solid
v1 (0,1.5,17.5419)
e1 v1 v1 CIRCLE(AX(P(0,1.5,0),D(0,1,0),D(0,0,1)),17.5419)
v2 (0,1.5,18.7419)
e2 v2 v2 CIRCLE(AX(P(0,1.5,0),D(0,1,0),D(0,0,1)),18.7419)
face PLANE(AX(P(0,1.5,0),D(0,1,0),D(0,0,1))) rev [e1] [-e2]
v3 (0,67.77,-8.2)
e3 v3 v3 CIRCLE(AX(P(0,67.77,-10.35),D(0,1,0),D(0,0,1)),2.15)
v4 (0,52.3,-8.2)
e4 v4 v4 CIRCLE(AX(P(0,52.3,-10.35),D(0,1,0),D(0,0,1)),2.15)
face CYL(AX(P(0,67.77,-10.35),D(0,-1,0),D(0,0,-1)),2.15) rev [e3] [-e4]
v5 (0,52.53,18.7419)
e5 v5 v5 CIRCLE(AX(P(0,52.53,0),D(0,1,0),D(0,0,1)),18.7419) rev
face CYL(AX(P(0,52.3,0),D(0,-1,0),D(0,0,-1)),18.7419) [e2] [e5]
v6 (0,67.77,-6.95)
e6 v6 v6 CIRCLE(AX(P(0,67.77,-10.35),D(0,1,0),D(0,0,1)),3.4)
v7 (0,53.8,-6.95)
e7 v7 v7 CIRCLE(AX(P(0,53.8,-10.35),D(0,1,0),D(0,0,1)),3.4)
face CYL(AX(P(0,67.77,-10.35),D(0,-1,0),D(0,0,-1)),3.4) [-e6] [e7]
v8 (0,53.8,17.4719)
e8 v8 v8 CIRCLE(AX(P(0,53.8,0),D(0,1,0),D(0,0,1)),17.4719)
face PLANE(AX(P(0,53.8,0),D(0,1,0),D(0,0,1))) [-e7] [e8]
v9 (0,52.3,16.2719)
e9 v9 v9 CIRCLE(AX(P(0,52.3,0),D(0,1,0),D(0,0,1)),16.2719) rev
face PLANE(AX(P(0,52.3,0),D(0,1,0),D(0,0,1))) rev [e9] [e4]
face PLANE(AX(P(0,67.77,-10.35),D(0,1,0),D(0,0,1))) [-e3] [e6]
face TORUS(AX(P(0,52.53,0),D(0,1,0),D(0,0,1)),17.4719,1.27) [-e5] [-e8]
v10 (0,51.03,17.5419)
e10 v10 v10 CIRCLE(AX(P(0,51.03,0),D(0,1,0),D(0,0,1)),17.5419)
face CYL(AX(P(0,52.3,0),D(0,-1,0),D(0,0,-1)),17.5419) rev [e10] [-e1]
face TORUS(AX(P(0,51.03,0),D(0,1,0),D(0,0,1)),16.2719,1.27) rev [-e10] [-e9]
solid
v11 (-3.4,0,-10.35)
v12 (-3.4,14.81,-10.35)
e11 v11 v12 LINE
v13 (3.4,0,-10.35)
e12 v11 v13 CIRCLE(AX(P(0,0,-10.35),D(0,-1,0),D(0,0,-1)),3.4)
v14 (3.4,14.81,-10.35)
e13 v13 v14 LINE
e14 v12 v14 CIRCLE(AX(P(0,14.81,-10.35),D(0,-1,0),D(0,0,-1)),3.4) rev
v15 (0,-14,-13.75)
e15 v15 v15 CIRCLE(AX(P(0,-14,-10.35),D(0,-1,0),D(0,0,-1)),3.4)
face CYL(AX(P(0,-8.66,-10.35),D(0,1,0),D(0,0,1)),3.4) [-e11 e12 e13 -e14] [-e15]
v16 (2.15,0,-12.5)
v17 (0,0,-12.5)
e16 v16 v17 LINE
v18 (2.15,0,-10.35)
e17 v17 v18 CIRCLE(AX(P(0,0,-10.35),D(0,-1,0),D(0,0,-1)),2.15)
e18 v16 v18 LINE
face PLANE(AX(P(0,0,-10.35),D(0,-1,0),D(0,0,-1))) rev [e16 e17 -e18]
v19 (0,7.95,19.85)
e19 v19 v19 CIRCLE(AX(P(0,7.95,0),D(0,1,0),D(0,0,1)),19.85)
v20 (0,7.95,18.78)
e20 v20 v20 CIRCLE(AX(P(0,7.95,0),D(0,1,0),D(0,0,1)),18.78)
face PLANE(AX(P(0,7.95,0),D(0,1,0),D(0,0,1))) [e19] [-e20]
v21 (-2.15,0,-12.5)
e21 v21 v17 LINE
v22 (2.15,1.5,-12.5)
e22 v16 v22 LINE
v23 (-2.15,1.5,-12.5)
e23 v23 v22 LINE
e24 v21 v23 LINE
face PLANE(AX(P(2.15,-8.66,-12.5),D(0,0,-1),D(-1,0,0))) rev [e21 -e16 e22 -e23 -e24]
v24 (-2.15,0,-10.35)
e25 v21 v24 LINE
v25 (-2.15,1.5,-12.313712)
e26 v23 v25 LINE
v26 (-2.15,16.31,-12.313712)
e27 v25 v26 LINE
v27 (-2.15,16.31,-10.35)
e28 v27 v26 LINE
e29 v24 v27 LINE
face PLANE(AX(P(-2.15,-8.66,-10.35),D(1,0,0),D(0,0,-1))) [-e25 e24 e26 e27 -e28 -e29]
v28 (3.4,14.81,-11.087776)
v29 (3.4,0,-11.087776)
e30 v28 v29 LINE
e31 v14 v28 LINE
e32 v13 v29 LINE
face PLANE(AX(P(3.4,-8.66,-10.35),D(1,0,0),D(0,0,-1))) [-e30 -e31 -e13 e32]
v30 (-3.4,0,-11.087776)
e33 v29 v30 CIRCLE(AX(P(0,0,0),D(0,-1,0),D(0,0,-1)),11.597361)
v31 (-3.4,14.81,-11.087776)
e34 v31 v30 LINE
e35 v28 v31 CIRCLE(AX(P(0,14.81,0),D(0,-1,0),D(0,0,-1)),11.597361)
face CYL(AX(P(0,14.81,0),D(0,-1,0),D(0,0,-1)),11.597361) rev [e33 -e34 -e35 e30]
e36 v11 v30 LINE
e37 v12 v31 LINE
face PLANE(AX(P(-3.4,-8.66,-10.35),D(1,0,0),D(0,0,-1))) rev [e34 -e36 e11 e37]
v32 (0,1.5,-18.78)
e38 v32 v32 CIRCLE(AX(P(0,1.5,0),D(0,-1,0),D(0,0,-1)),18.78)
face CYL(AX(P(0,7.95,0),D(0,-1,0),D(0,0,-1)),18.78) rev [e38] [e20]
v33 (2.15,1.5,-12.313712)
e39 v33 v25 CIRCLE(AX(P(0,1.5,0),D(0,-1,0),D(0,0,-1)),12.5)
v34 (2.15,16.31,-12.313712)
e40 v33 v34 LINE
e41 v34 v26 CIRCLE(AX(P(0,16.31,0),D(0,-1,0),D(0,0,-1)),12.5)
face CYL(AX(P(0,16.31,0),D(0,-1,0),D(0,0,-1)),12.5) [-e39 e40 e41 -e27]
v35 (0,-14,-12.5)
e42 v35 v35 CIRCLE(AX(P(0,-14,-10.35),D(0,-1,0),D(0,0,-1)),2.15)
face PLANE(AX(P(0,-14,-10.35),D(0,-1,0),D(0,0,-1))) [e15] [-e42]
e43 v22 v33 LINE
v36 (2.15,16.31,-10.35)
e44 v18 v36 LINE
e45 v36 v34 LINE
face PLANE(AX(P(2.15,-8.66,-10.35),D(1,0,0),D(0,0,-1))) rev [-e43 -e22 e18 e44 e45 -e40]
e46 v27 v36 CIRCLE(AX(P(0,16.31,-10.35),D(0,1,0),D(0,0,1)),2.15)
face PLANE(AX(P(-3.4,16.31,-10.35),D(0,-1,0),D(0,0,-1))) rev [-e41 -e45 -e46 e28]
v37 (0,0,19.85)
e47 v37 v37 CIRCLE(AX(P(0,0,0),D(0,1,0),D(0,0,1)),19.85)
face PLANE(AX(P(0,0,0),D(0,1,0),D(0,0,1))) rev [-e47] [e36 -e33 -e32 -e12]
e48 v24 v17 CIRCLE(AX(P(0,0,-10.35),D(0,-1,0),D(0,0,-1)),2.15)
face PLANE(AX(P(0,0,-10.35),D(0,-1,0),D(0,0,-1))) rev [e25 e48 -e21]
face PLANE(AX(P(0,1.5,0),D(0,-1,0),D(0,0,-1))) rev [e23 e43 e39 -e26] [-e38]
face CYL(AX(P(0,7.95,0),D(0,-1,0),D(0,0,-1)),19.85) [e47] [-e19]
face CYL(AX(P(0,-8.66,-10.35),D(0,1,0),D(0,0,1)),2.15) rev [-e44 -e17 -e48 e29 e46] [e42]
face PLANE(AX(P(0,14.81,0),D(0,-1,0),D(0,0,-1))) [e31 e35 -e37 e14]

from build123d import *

# Parameters (mm, degrees)
SKETCH1_R            = 19.85
SKETCH1_R_2          = 18.78
BOSS_EXTRUDE3_DEPTH  = 7.95
SKETCH2_R            = 18.78
BOSS_EXTRUDE5_DEPTH  = 1.5
SKETCH4_R            = 12.5
BOSS_EXTRUDE6_DEPTH  = 16.31
SKETCH5_R            = 2.15
SKETCH5_W            = 4.3
SKETCH5_H            = 2.15
CUT_EXTRUDE2_DEPTH   = 16.31
SKETCH6_R            = 11.597360911
CUT_EXTRUDE3_DEPTH   = 14.809999892
SKETCH12_R           = 3.4
SKETCH12_W           = 6.8
SKETCH12_H           = 3.4
BOSS_EXTRUDE8_DEPTH  = 24.969999892
SKETCH5_6_R          = 2.15
SKETCH5_6_W          = 4.3
SKETCH5_6_H          = 2.15
CUT_EXTRUDE5_DEPTH   = 24.969999892
CUT_EXTRUDE6_START   = -14.81
SKETCH14_R           = 15.219310499
SKETCH14_R_2         = 12.5
CUT_EXTRUDE6_DEPTH   = 14.81
SKETCH17_W           = 6.8
SKETCH17_H           = 2.662223843
CUT_EXTRUDE7_DEPTH   = 16.587999892
SKETCH18_R           = 3.4
SKETCH18_R_2         = 2.15
BOSS_EXTRUDE10_DEPTH = 14
SKETCH19_R           = 5.618160511
SKETCH19_R_2         = 3.4
CUT_EXTRUDE8_DEPTH   = 14
SKETCH20_R           = 18.7419
SKETCH20_R_2         = 17.5419
BOSS_EXTRUDE11_DEPTH = 50.8
SKETCH21_R           = 18.7419
BOSS_EXTRUDE12_DEPTH = 1.5
SKETCH22_R           = 3.4
SKETCH22_R_2         = 2.15
BOSS_EXTRUDE13_DEPTH = 13.97
SKETCH23_R           = 2.15
CUT_EXTRUDE9_DEPTH   = 30.456
FILLET1_R            = 1.27
FILLET2_R            = 1.27


with BuildPart() as part:
    # Sketch1 → Boss-Extrude3 (new body)
    with BuildSketch(Plane(origin=(0, 0, 0), x_dir=(1, 0, 0), z_dir=(0, 1, 0))):
        Circle(SKETCH1_R)
        Circle(SKETCH1_R_2, mode=Mode.SUBTRACT)
    extrude(amount=BOSS_EXTRUDE3_DEPTH)

    # Sketch2 → Boss-Extrude5 (add)
    with BuildSketch(Plane.XZ):
        Circle(SKETCH2_R)
    extrude(amount=-BOSS_EXTRUDE5_DEPTH)


with BuildPart() as body_2:
    # Sketch4 → Boss-Extrude6 (new body)
    with BuildSketch(Plane.XZ):
        Circle(SKETCH4_R)
    extrude(amount=-BOSS_EXTRUDE6_DEPTH)


with BuildPart() as cut_extrude2_tool:
    # Sketch5 → Cut-Extrude2 (new body)
    with BuildSketch(Plane(origin=(0, 16.31, 0), x_dir=(1, 0, 0), z_dir=(0, 1, 0))):
        with Locations((0, 10.35)):
            Circle(SKETCH5_R)
        with Locations((0, 11.425)):
            Rectangle(SKETCH5_W, SKETCH5_H)
    extrude(amount=-CUT_EXTRUDE2_DEPTH)


with BuildPart() as part_1:
    add(part.part)

    # Cut-Extrude2: cut by cut_extrude2_tool
    add(cut_extrude2_tool.part, mode=Mode.SUBTRACT)


with BuildPart() as body_2_1:
    add(body_2.part)

    # Cut-Extrude2: cut by cut_extrude2_tool
    add(cut_extrude2_tool.part, mode=Mode.SUBTRACT)


with BuildPart() as cut_extrude3_tool:
    # Sketch6 → Cut-Extrude3 (new body)
    with BuildSketch(Plane.XZ):
        Circle(SKETCH6_R)
    extrude(amount=-CUT_EXTRUDE3_DEPTH)


with BuildPart() as part_2:
    add(part_1.part)

    # Cut-Extrude3: cut by cut_extrude3_tool
    add(cut_extrude3_tool.part, mode=Mode.SUBTRACT)



with BuildPart() as body_2_2:
    add(body_2_1.part)

    # Cut-Extrude3: cut by cut_extrude3_tool
    add(cut_extrude3_tool.part, mode=Mode.SUBTRACT)


with BuildPart() as part_3:
    add(part_2.part)

    add(body_2_2.part)  # Boss-Extrude8 merges body 2
    # Sketch12 → Boss-Extrude8 (add)
    with BuildSketch(Plane(origin=(0, 16.31, 0), x_dir=(1, 0, 0), z_dir=(0, 1, 0))):
        with Locations((0, 10.35)):
            Circle(SKETCH12_R)
        with Locations((0, 12.05)):
            Rectangle(SKETCH12_W, SKETCH12_H)
    extrude(amount=-BOSS_EXTRUDE8_DEPTH)

    # Sketch5<6> → Cut-Extrude5 (cut)
    with BuildSketch(Plane(origin=(0, 16.31, 0), x_dir=(1, 0, 0), z_dir=(0, 1, 0))):
        with Locations((0, 10.35)):
            Circle(SKETCH5_6_R)
        with Locations((0, 11.425)):
            Rectangle(SKETCH5_6_W, SKETCH5_6_H)
    extrude(amount=-CUT_EXTRUDE5_DEPTH, mode=Mode.SUBTRACT)

    # Sketch14 → Cut-Extrude6 (cut)
    with BuildSketch(Plane(origin=(0, 16.31, 0), x_dir=(1, 0, 0), z_dir=(0, 1, 0)).offset(CUT_EXTRUDE6_START)):
        Circle(SKETCH14_R)
        Circle(SKETCH14_R_2, mode=Mode.SUBTRACT)
    extrude(amount=CUT_EXTRUDE6_DEPTH, mode=Mode.SUBTRACT)

    # Sketch17 → Cut-Extrude7 (cut)
    with BuildSketch(Plane.XZ):
        with Locations((0, -12.418888079)):
            Rectangle(SKETCH17_W, SKETCH17_H)
    extrude(amount=CUT_EXTRUDE7_DEPTH, mode=Mode.SUBTRACT)

    # Sketch18 → Boss-Extrude10 (add)
    with BuildSketch(Plane.XZ):
        with Locations((0, -10.35)):
            Circle(SKETCH18_R)
        with Locations((0, -10.35)):
            Circle(SKETCH18_R_2, mode=Mode.SUBTRACT)
    extrude(amount=BOSS_EXTRUDE10_DEPTH)

    # Sketch19 → Cut-Extrude8 (cut)
    with BuildSketch(Plane.XZ):
        with Locations((0, -10.35)):
            Circle(SKETCH19_R)
        with Locations((0, -10.35)):
            Circle(SKETCH19_R_2, mode=Mode.SUBTRACT)
    extrude(amount=CUT_EXTRUDE8_DEPTH, mode=Mode.SUBTRACT)


with BuildPart() as body_2_2_1:
    # Sketch20 → Boss-Extrude11 (new body)
    with BuildSketch(Plane(origin=(0, 1.5, 0), x_dir=(1, 0, 0), z_dir=(0, 1, 0))):
        Circle(SKETCH20_R)
        Circle(SKETCH20_R_2, mode=Mode.SUBTRACT)
    extrude(amount=BOSS_EXTRUDE11_DEPTH)

    # Sketch21 → Boss-Extrude12 (add)
    with BuildSketch(Plane(origin=(0, 52.3, 0), x_dir=(1, 0, 0), z_dir=(0, 1, 0))):
        Circle(SKETCH21_R)
    extrude(amount=BOSS_EXTRUDE12_DEPTH)

    # Sketch22 → Boss-Extrude13 (add)
    with BuildSketch(Plane(origin=(0, 53.8, 0), x_dir=(1, 0, 0), z_dir=(0, 1, 0))):
        with Locations((0, 10.35)):
            Circle(SKETCH22_R)
        with Locations((0, 10.35)):
            Circle(SKETCH22_R_2, mode=Mode.SUBTRACT)
    extrude(amount=BOSS_EXTRUDE13_DEPTH)

    # Sketch23 → Cut-Extrude9 (cut)
    with BuildSketch(Plane(origin=(0, 67.77, 0), x_dir=(1, 0, 0), z_dir=(0, 1, 0))):
        with Locations((0, 10.35)):
            Circle(SKETCH23_R)
    extrude(amount=-CUT_EXTRUDE9_DEPTH, mode=Mode.SUBTRACT)

    # Fillet1
    fillet1_edges = [body_2_2_1.edges().sort_by_distance(p)[0] for p in [
        (-17.5419, 52.3, 0),
    ]]
    fillet(fillet1_edges, radius=FILLET1_R)

    # Fillet2
    fillet2_edges = [body_2_2_1.edges().sort_by_distance(p)[0] for p in [
        (-18.7419, 53.8, 0),
    ]]
    fillet(fillet2_edges, radius=FILLET2_R)


solid = Compound([part_3.part, body_2_2_1.part])
